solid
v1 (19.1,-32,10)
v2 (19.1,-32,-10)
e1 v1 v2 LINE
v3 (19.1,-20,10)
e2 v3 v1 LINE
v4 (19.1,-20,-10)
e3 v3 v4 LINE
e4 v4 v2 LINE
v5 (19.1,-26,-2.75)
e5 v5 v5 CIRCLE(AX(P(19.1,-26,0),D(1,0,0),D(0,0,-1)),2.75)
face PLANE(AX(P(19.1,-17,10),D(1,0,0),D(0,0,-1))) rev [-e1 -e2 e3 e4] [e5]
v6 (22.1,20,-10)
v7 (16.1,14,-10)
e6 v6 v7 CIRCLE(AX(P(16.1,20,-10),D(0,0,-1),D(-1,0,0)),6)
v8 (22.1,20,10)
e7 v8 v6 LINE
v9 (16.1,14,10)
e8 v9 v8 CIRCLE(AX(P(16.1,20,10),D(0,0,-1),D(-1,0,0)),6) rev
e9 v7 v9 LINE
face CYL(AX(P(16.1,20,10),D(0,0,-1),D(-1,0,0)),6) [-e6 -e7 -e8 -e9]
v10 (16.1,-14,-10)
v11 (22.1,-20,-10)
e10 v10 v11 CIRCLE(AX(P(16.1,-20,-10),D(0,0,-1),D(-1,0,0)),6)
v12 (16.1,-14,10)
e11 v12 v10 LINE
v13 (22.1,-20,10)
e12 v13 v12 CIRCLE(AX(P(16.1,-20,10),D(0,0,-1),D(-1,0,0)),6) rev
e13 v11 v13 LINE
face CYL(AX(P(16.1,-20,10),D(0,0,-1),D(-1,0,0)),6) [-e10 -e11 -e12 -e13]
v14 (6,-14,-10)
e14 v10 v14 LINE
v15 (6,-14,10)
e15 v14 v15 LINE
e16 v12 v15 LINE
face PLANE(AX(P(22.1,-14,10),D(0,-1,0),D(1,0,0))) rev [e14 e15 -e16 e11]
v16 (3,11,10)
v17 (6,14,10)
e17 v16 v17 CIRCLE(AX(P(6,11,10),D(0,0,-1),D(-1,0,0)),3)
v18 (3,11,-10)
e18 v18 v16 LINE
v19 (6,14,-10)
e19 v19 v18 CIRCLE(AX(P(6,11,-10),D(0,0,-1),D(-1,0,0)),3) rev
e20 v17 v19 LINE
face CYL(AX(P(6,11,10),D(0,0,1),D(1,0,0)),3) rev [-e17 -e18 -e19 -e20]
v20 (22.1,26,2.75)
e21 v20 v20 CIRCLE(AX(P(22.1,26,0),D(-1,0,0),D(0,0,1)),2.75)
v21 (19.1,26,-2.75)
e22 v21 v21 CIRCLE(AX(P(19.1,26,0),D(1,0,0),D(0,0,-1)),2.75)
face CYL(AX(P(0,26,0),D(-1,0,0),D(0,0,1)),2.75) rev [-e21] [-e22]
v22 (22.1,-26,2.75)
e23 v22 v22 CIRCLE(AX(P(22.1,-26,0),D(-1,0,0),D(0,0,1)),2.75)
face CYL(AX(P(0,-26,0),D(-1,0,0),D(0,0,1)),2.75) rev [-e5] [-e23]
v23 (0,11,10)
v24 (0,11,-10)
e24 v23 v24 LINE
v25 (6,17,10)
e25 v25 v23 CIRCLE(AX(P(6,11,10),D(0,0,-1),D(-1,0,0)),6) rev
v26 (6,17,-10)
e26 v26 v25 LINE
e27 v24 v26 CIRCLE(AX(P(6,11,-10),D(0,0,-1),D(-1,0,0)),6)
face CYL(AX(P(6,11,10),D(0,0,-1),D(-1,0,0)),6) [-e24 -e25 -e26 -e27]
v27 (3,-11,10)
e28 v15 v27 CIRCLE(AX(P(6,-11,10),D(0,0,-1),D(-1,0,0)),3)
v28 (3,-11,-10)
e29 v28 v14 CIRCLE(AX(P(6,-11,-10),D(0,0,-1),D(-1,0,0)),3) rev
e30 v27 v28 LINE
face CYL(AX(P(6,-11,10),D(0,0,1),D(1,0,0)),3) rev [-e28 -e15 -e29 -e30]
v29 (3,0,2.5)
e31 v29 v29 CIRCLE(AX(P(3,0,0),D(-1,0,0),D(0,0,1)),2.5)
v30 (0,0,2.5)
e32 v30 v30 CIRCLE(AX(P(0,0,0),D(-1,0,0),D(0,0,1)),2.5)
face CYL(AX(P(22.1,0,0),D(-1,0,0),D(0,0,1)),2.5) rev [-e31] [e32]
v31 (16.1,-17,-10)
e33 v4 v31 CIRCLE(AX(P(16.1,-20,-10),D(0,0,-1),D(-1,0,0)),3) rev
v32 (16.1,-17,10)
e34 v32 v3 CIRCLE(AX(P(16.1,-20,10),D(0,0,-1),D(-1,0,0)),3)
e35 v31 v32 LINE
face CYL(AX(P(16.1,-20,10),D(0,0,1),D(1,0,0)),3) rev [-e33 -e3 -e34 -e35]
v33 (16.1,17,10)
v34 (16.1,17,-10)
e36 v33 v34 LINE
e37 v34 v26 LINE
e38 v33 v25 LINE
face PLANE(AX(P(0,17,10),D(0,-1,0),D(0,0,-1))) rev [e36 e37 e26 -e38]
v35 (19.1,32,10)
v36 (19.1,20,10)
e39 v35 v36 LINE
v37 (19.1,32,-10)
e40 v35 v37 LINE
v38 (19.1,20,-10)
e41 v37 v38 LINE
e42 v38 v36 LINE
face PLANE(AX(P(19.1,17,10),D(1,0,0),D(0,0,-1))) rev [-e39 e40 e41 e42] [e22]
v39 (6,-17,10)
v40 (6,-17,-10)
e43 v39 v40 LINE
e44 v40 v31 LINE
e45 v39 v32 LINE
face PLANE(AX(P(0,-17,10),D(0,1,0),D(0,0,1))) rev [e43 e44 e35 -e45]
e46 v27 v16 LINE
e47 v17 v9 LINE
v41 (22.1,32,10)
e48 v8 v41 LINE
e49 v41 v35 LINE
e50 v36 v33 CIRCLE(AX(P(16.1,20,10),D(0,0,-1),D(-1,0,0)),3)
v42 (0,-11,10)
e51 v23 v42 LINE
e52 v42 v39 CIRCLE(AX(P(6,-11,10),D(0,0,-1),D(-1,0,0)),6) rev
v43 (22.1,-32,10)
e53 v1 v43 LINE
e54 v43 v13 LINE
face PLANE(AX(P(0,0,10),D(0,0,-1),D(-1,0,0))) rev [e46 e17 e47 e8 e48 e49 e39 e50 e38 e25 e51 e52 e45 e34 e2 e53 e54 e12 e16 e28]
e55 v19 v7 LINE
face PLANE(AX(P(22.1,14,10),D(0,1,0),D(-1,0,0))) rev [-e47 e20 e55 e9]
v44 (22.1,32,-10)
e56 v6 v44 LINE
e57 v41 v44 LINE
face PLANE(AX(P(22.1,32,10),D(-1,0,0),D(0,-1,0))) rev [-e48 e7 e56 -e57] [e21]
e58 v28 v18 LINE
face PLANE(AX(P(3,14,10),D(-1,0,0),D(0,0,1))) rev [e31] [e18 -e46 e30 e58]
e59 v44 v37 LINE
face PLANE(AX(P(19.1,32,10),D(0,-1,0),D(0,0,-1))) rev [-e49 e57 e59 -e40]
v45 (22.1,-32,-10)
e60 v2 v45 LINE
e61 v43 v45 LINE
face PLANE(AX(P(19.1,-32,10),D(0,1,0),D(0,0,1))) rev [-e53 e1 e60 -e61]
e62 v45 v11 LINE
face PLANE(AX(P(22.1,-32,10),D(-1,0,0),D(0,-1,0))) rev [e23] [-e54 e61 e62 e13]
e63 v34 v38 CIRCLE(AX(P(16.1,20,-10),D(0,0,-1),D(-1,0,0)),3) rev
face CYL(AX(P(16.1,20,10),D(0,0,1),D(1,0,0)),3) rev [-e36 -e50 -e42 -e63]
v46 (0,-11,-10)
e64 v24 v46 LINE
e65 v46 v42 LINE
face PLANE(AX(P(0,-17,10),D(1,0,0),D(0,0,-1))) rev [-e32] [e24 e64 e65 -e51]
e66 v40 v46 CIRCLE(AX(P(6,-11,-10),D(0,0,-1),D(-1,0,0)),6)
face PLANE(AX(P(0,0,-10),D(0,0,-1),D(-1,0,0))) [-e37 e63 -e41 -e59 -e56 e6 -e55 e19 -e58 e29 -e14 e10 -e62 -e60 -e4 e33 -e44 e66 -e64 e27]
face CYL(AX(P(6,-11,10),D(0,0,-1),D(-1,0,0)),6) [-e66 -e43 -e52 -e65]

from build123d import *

# Parameters (mm, degrees)
BOSS_EXTRUDE1_DEPTH        = 10
FILLET1_R                  = 3
FILLET2_R                  = 6
SKETCH3_R                  = 2.5
CUT_EXTRUDE1_DEPTH         = 41.154825364
F_5_5_5_5_DIAMETER_HOLE1_D = 5.5


with BuildPart() as part:
    # Sketch1 → Boss-Extrude1 (new, symmetric)
    with BuildSketch(Plane.XY):
        Polygon((0, -17), (0, 17), (19.1, 17), (19.1, 32), (22.1, 32), (22.1, 14), (3, 14), (3, -14), (22.1, -14), (22.1, -32), (19.1, -32), (19.1, -17), align=None)
    extrude(amount=BOSS_EXTRUDE1_DEPTH, both=True)

    # Fillet1
    fillet1_edges = [part.edges().sort_by_distance(p)[0] for p in [
        (3, -14, 0),
        (19.1, -17, 0),
        (19.1, 17, 0),
        (3, 14, 0),
    ]]
    fillet(fillet1_edges, radius=FILLET1_R)

    # Fillet2
    fillet2_edges = [part.edges().sort_by_distance(p)[0] for p in [
        (22.1, -14, 0),
        (0, -17, 0),
        (0, 17, 0),
        (22.1, 14, 0),
    ]]
    fillet(fillet2_edges, radius=FILLET2_R)

    # Sketch3 → Cut-Extrude1 (cut, through all)
    with BuildSketch(Plane.ZY):
        Circle(SKETCH3_R)
    extrude(amount=-CUT_EXTRUDE1_DEPTH, mode=Mode.SUBTRACT)

    # Ø5.5 (5.5) Diameter Hole1 (through all)
    with Locations(Plane.ZY):
        with Locations((0, 26), (0, -26)):
            Hole(F_5_5_5_5_DIAMETER_HOLE1_D / 2)


solid = part.part
